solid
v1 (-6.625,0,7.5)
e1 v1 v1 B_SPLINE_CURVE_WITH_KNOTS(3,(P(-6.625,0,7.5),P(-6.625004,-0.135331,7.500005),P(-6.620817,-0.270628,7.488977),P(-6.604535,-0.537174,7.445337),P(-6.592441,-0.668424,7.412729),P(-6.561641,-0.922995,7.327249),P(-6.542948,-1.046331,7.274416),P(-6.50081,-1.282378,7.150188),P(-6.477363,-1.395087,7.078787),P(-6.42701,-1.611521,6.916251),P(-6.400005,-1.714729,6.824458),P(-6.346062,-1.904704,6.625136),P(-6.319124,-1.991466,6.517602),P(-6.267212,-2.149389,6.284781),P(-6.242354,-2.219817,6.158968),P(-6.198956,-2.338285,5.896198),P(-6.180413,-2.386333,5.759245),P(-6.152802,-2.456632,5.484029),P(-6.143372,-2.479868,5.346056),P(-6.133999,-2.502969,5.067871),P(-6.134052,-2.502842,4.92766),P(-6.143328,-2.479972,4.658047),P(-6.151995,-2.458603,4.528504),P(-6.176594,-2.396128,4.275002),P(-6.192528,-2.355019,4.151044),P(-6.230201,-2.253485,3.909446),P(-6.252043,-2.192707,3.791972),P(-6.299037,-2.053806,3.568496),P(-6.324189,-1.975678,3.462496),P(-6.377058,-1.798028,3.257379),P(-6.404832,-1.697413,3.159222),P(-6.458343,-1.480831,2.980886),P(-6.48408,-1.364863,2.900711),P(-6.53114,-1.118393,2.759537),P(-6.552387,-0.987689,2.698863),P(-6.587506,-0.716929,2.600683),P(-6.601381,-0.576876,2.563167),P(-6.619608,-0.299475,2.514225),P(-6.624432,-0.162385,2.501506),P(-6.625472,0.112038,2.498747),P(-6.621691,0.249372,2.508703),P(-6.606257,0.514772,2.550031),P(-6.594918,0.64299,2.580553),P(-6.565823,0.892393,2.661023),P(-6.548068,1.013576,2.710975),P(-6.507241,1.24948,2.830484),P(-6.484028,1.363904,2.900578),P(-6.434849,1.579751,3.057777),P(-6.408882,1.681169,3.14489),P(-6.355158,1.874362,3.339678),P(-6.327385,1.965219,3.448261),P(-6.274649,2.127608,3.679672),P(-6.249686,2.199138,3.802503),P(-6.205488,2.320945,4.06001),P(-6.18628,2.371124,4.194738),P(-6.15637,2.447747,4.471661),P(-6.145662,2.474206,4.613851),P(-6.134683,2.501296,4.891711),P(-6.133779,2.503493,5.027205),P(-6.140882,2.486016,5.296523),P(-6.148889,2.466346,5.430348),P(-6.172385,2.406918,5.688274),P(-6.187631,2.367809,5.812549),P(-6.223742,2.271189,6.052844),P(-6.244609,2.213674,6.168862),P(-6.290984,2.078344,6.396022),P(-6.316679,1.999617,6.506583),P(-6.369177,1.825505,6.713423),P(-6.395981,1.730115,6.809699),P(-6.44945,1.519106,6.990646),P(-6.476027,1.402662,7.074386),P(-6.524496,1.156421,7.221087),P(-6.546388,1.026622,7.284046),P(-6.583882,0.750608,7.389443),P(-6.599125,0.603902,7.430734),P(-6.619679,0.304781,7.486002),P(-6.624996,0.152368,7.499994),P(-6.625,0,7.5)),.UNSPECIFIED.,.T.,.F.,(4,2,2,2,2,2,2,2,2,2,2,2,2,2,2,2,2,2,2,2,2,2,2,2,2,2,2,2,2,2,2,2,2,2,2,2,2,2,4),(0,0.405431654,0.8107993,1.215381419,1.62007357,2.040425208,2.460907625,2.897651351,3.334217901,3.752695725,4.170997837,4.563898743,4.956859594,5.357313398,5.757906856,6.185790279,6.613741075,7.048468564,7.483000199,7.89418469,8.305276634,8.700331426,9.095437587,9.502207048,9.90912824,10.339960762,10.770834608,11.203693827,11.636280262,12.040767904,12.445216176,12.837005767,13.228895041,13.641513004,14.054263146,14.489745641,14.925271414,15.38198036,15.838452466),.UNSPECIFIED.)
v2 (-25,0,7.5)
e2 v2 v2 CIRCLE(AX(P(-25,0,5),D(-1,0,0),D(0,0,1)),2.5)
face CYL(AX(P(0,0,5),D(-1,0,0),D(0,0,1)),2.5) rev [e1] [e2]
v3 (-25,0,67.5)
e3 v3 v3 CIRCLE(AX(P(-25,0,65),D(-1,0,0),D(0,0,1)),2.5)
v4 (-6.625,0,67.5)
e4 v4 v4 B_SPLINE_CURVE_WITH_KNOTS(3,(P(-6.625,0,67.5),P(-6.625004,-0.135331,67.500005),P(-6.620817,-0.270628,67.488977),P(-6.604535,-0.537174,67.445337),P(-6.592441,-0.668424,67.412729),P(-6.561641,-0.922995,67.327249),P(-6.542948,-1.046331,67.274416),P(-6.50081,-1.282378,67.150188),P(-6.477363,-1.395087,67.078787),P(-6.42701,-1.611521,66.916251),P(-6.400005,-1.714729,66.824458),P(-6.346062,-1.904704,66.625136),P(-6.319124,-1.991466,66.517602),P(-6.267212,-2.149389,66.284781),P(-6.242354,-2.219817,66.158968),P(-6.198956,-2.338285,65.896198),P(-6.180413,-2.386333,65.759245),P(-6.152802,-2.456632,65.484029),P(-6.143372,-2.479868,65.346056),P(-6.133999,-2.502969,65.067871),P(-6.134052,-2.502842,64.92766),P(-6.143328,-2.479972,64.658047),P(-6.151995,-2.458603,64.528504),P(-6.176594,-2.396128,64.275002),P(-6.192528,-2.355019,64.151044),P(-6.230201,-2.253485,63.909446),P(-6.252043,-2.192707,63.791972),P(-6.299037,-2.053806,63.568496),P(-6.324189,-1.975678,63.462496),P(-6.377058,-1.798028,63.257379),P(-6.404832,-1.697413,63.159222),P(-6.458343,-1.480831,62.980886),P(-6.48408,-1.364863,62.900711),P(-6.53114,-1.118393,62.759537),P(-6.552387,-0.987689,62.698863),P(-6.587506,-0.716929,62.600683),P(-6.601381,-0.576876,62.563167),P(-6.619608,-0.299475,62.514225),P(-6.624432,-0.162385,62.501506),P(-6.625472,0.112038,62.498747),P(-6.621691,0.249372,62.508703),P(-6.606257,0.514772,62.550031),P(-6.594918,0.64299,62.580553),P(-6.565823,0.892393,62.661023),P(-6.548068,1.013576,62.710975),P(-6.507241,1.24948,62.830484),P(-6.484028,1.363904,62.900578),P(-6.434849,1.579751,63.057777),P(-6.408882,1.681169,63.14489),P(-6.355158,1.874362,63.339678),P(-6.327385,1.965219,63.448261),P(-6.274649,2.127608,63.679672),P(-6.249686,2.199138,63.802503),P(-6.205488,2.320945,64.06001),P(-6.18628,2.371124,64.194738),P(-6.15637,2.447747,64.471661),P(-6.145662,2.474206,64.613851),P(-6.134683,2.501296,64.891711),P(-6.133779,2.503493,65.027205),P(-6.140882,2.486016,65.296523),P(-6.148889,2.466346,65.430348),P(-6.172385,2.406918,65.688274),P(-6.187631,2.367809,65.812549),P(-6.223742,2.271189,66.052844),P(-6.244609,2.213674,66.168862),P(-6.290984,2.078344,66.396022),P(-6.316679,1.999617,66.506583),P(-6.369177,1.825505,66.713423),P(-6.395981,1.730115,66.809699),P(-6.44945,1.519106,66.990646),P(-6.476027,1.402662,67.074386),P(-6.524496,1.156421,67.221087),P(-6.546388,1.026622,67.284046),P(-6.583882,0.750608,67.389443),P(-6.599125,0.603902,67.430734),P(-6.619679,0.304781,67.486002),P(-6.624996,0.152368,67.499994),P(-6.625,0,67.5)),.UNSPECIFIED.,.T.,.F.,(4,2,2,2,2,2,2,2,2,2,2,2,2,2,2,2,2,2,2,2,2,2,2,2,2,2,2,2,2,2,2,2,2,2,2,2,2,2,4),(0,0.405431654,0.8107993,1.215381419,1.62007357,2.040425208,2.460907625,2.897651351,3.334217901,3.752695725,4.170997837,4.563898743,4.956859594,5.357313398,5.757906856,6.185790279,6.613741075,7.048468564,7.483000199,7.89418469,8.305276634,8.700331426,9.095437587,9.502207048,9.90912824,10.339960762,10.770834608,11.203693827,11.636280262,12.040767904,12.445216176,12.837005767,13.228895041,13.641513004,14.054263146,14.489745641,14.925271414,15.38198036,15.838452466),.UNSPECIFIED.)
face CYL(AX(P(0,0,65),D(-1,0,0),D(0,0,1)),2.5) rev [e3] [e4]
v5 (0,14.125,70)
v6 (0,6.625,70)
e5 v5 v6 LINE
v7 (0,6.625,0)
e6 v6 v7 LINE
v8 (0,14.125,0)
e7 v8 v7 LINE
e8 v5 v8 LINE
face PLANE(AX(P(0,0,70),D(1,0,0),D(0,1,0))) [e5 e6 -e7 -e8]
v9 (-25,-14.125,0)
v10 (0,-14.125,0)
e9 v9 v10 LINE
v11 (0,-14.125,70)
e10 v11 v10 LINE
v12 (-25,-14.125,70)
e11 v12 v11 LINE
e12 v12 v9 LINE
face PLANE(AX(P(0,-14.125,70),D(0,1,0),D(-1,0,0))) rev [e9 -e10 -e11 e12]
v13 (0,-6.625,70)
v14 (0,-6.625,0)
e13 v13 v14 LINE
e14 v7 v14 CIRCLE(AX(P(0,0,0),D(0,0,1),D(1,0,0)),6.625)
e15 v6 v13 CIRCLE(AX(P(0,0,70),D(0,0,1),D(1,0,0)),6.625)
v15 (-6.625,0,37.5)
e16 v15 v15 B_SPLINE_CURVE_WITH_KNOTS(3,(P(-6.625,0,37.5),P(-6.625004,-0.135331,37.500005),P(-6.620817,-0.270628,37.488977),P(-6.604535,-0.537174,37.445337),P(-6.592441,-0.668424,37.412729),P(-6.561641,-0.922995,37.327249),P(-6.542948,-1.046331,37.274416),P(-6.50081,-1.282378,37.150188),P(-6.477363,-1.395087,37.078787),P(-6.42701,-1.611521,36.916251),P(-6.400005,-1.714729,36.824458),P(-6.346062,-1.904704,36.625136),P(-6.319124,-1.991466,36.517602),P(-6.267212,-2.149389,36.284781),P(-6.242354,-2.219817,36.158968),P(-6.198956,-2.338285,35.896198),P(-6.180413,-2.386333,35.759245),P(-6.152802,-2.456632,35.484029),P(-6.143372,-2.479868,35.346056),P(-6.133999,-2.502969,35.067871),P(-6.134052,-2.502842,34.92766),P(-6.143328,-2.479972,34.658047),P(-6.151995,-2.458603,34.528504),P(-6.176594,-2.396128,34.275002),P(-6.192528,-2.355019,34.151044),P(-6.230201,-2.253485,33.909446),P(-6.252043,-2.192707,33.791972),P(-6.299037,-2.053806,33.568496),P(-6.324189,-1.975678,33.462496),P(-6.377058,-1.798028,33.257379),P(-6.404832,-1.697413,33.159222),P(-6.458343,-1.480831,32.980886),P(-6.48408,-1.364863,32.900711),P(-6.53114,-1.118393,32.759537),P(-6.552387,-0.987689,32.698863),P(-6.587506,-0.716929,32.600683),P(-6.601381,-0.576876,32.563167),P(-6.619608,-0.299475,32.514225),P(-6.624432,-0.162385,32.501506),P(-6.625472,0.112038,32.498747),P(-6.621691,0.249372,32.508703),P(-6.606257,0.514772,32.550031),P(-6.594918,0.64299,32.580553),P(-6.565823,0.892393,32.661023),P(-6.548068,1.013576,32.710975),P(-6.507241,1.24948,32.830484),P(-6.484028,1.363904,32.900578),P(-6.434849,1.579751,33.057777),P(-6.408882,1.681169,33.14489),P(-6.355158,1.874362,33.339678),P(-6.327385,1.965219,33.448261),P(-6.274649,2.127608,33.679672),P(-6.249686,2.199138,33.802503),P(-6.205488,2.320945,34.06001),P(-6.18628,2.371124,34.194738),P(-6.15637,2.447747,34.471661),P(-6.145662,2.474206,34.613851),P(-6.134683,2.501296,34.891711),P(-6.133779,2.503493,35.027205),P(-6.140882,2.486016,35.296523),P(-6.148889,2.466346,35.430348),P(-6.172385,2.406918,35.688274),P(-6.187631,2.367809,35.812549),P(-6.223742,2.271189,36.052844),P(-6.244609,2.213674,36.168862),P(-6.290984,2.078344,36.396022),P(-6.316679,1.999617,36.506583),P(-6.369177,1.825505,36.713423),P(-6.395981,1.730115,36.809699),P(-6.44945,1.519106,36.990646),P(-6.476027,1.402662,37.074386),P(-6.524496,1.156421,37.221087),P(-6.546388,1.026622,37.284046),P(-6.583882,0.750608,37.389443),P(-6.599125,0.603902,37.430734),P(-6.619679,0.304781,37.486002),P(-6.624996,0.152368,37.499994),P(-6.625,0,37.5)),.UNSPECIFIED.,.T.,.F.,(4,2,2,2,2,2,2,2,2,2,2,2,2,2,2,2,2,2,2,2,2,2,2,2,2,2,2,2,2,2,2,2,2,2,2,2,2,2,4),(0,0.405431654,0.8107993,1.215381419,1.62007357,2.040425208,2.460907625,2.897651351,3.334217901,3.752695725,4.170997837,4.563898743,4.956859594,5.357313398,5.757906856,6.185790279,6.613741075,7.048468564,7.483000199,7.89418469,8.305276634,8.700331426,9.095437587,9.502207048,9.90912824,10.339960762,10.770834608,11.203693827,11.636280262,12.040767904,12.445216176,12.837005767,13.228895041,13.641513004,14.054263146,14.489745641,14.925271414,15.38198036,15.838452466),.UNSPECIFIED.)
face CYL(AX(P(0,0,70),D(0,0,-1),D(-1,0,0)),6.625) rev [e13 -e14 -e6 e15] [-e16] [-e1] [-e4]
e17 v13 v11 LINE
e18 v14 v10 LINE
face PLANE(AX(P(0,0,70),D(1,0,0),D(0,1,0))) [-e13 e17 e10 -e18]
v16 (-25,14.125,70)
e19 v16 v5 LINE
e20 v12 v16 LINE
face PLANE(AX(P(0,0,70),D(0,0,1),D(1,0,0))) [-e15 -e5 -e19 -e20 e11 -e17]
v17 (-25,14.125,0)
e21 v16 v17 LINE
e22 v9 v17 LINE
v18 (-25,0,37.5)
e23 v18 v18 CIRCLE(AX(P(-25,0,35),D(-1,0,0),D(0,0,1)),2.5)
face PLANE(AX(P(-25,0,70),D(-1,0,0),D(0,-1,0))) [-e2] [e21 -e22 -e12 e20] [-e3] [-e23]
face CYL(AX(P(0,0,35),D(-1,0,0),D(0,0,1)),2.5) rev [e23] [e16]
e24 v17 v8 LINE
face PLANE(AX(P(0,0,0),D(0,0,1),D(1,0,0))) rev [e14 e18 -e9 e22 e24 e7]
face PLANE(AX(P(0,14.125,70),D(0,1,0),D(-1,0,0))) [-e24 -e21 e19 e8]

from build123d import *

# Parameters (mm, degrees)
BOSS_EXTRUDE1_DEPTH = 70
SKETCH2_R           = 2.5
CUT_EXTRUDE1_DEPTH  = 76.660528844


with BuildPart() as part:
    # Sketch1 → Boss-Extrude1 (new body)
    with BuildSketch(Plane.XY):
        with BuildLine():
            Line((0, 6.625), (0, 14.125))
            Line((0, 14.125), (-25, 14.125))
            Line((-25, 14.125), (-25, -14.125))
            Line((-25, -14.125), (0, -14.125))
            Line((0, -14.125), (0, -6.625))
            ThreePointArc((0, -6.625), (-6.625, 0), (0, 6.625))
        make_face()
    extrude(amount=BOSS_EXTRUDE1_DEPTH)

    # Sketch2 → Cut-Extrude1 (cut, through all)
    with BuildSketch(Plane.ZY.offset(25)):
        with Locations((5, 0)):
            Circle(SKETCH2_R)
        with Locations((35, 0)):
            Circle(SKETCH2_R)
        with Locations((65, 0)):
            Circle(SKETCH2_R)
    extrude(amount=-CUT_EXTRUDE1_DEPTH, mode=Mode.SUBTRACT)


solid = part.part
